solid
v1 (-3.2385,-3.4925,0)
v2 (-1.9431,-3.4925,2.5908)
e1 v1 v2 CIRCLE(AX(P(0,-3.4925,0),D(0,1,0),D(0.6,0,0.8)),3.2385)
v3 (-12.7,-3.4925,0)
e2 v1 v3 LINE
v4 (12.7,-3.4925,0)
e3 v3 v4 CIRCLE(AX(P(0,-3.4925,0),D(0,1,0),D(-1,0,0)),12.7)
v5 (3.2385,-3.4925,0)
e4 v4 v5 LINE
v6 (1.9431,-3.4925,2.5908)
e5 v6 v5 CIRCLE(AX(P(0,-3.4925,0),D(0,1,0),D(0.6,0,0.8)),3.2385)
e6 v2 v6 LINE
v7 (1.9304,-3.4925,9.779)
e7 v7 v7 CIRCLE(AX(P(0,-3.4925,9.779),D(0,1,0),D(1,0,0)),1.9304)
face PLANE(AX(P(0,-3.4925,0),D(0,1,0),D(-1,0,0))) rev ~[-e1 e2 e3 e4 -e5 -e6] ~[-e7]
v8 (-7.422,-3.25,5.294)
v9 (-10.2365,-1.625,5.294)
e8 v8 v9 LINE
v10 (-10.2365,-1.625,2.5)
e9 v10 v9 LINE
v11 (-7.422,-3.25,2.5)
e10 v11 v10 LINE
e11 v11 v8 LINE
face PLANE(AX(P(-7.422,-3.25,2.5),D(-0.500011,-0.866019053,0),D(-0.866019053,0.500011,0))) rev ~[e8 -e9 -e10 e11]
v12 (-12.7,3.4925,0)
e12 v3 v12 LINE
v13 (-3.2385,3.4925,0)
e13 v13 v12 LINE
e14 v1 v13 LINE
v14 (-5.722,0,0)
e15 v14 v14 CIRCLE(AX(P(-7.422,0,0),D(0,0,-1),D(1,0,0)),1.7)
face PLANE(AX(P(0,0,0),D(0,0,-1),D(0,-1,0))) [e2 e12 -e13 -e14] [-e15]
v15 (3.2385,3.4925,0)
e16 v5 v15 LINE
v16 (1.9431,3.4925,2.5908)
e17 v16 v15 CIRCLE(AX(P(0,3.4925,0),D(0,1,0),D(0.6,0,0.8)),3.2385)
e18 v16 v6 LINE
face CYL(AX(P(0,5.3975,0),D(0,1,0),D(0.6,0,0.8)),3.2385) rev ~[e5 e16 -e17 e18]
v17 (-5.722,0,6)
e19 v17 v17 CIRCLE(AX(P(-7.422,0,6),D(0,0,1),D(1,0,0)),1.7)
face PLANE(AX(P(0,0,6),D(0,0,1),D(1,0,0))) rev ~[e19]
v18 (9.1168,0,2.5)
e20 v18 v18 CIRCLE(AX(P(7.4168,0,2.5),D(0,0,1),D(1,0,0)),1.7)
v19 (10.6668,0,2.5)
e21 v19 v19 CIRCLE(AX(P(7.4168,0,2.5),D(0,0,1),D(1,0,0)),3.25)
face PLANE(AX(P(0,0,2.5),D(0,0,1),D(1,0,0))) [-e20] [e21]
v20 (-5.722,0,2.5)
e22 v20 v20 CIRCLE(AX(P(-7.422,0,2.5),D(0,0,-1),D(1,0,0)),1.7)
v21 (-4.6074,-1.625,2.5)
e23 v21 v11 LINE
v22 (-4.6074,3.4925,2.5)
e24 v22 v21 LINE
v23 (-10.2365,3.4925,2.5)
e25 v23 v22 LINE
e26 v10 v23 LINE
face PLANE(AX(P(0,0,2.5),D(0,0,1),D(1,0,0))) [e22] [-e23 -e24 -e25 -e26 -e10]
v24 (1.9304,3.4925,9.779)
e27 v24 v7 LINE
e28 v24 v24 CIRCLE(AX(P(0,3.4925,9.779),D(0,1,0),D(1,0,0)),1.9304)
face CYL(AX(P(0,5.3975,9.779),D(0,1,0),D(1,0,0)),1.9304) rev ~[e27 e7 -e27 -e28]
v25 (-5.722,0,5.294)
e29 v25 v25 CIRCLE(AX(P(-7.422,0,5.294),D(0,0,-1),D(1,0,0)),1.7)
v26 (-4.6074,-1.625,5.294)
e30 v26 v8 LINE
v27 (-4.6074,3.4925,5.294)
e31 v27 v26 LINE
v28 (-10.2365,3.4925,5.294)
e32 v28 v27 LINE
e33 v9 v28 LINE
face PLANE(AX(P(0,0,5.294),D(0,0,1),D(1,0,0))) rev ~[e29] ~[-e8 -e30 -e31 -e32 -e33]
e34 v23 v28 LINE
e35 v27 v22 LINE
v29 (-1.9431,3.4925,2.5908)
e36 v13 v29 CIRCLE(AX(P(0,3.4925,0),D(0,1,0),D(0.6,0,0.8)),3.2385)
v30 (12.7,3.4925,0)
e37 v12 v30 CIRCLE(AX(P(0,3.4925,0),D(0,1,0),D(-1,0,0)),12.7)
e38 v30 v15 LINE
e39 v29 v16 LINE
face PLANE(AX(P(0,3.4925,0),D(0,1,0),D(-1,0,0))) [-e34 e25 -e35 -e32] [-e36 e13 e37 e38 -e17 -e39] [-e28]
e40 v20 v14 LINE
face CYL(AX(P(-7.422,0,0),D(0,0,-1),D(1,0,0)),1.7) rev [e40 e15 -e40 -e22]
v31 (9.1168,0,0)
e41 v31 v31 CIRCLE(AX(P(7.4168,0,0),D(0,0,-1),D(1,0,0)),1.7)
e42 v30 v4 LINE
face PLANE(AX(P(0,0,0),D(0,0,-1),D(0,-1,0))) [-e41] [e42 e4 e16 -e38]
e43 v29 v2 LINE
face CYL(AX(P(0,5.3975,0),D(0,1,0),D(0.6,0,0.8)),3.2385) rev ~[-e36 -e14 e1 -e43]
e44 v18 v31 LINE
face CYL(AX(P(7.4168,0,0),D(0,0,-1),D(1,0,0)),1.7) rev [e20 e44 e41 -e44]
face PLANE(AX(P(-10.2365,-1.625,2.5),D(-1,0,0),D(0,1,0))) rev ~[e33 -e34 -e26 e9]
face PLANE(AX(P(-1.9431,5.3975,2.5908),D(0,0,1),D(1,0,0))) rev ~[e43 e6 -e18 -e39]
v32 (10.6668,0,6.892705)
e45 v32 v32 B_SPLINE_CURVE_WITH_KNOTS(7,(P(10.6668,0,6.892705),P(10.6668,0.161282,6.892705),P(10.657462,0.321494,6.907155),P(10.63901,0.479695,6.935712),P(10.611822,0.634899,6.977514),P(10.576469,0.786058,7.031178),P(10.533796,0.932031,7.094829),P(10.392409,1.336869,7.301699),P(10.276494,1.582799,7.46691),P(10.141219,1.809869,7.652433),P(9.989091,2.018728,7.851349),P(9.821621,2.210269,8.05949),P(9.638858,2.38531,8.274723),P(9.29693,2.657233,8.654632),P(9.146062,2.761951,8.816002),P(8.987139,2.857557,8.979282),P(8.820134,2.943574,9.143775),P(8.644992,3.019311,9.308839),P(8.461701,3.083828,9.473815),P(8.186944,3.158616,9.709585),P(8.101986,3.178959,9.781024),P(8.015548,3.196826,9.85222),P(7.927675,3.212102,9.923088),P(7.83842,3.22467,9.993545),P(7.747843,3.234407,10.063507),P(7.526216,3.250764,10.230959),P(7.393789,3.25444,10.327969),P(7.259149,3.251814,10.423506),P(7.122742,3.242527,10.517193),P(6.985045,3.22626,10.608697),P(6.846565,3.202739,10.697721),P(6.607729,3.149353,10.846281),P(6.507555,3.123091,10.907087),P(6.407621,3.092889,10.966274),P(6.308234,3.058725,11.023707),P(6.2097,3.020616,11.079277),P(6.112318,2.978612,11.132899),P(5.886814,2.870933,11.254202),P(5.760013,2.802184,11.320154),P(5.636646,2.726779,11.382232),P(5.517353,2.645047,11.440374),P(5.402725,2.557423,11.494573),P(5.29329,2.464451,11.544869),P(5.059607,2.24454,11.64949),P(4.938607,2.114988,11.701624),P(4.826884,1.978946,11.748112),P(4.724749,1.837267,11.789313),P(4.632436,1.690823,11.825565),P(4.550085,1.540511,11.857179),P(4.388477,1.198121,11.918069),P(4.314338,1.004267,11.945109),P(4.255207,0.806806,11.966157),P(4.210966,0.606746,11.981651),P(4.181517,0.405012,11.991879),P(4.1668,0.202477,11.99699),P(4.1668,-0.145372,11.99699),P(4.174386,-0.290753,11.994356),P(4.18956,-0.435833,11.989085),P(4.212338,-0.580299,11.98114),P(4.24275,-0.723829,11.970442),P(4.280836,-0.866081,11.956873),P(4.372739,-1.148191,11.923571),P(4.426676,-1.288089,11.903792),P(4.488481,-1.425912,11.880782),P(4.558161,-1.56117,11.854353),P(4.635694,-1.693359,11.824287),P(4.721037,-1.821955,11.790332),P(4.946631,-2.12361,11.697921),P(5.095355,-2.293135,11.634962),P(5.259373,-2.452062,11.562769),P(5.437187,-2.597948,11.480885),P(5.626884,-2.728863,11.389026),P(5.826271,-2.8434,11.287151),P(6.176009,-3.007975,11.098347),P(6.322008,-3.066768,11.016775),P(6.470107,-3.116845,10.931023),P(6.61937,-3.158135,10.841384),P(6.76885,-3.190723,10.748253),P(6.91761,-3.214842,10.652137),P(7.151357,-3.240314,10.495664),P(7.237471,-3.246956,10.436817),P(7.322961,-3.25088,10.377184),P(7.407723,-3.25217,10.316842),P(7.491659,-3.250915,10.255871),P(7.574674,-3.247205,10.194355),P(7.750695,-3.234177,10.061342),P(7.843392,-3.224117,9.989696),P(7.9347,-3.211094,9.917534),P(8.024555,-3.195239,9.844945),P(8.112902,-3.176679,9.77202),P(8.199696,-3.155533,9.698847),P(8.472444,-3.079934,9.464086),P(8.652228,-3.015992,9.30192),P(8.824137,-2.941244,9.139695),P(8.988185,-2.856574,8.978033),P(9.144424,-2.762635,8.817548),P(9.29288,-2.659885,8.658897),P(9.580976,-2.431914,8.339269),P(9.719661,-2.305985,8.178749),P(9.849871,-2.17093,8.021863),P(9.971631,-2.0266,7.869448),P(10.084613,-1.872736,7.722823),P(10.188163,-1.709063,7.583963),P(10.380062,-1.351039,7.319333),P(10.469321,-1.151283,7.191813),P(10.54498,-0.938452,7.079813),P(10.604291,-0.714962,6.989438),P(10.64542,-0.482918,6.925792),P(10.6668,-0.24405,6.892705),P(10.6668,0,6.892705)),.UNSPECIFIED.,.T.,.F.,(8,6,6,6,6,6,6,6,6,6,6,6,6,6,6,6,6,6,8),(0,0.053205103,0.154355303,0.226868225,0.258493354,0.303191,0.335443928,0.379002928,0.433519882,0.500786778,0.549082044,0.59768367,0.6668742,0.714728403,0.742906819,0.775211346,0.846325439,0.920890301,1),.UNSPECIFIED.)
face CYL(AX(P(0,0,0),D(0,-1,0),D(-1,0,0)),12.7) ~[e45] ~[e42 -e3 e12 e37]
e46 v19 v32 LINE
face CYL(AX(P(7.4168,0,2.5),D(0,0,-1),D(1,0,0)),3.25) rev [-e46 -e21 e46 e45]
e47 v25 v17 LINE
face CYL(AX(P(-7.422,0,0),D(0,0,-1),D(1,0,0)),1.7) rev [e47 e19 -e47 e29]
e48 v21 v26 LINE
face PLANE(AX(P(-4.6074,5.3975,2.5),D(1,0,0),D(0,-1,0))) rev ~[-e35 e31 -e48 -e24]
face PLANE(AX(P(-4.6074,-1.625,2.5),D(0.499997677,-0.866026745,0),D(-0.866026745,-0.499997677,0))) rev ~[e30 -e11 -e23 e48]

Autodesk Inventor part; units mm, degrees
sketch "Sketch1" plane through (0, 0, 0) normal (0, 1, 0) x (-1, 0, 0)
  circle A0 centre (0, 0) radius 12.7
  dimension "d75" = 25.4
extrude "Extrusion1" add sketch "Sketch1" along normal blind 3.4925 and the other way blind 3.4925
ref_plane "Work Plane1" through (0, 0, 2.5) normal (0, 0, 1) x (1, 0, 0)
ref_plane "Work Plane2" through (0, 0, -2.5) normal (0, 0, 1) x (1, 0, 0)
sketch "Sketch2" plane through (0, 0, 0) normal (0, 0, 1) x (1, 0, 0)
  circle A0 centre (7.4168, 0) radius 1.7
  circle A1 centre (-7.4168, 0) radius 1.7
  point P0 (0, 0)
  dimension "d5" = 3.4
  dimension "d6" = 7.4168
  dimension "d7" = 3.4
  dimension "d8" = 7.4168
extrude "Screw hole 2" cut sketch "Sketch2" along normal blind 2.5 and the other way blind 6 contours A0
sketch "Sketch3" plane through (0, 0, 2.5) normal (0, 0, 1) x (1, 0, 0)
  circle A0 centre (7.4168, 0) radius 1.7 projected
  circle A1 centre (7.4168, 0) radius 3.25
  point P0 (0, 0)
  dimension "d19" = 6.5
sketch "Sketch4" plane through (0, 0, -2.5) normal (0, 0, 1) x (1, 0, 0)
  circle A0 centre (7.4168, 0) radius 1.7 projected
  circle A1 centre (7.4168, 0) radius 3.45 construction
  line L0 (7.4168, -3.45) -> (4.429, -1.725)
  line L1 (4.429, -1.725) -> (4.429, 6.985)
  line L2 (10.4046, 6.985) -> (10.4046, -1.725)
  line L3 (10.4046, -1.725) -> (7.4168, -3.45)
  line L4 (10.4046, 6.985) -> (4.429, 6.985)
  point P0 (0, 0)
  dimension "d22" = 6.9
sketch "Sketch5" plane through (0, 0, -2.5) normal (0, 0, 1) x (1, 0, 0)
  circle A0 centre (-7.422, 0) radius 3.25
  point P0 (0, 0)
  dimension "d25" = 6.5
extrude "Access Hole 1" cut sketch "Sketch5" against normal through all
extrude "Access Hole 2" cut sketch "Sketch3" along normal through all contours A0 | A1
extrude "Nut well 2" cut sketch "Sketch4" against normal blind 2.794 contours A0 | L0 L1 L4 L2 L3
sketch "Sketch7" plane through (0, 0, 2.5) normal (0, 0, 1) x (1, 0, 0)
  circle A0 centre (-7.422, 0) radius 3.25 construction
  circle A1 centre (-7.422, 0) radius 3.45 construction
  line L0 (-7.422, -3.25) -> (-10.2365, -1.625)
  line L1 (-10.2365, -1.625) -> (-10.2365, 5.3975)
  line L2 (-4.6074, 5.3975) -> (-4.6074, -1.625)
  line L3 (-4.6074, -1.625) -> (-7.422, -3.25)
  line L4 (16.6201, 5.3975) -> (-16.6201, 5.3975) projected
  line L5 (-10.2365, 5.3975) -> (-4.6074, 5.3975)
  point P0 (0, 0)
  dimension "d48" = 6.9
extrude "Nut Well 1" cut sketch "Sketch7" along normal blind 2.794
sketch "Sketch8" plane through (0, 0, 0) normal (0, 0, 1) x (1, 0, 0)
  circle A0 centre (-7.422, 0) radius 3.25 projected
  circle A1 centre (-7.422, 0) radius 1.7
  point P0 (0, 0)
  dimension "d51" = 3.4
extrude "Screw Hole 1" cut sketch "Sketch8" along normal blind 6 and the other way blind 2.5 contours A1
ref_plane "Work Plane3" through (0, 5.3975, 0) normal (0, 1, 0) x (1, 0, 0)
sketch "Sketch9" plane through (0, 5.3975, 0) normal (0, 1, 0) x (1, 0, 0)
  arc A0 (1.9431, -2.5908) -> (-1.9431, -2.5908) centre (0, 0) ccw
  line L0 (-1.9431, -2.5908) -> (1.9431, -2.5908)
  dimension "d56" = 6.477
  dimension "d57" = 2.5908
extrude "Center shaft" cut sketch "Sketch9" against normal through all
ref_plane "Work Plane4" through (0, 5.3975, 0) normal (0, 1, 0) x (1, 0, 0)
sketch "Sketch10" plane through (0, 5.3975, 0) normal (0, 1, 0) x (1, 0, 0)
  circle A0 centre (0, 9.779) radius 1.9304
  circle A1 centre (0, -9.779) radius 1.9304
  point P0 (0, 0)
  point P1 (0, -8.001)
  dimension "d60" = 3.8608
  dimension "d61" = 9.779
  dimension "d62" = 3.8608
  dimension "d63" = 9.779
extrude "Wheel holes" cut sketch "Sketch10" against normal through all
split "Split1" plane through (0, 0, 0) removes the side toward (0, 0, -1)
equation "\"d63\" = d61"
properties part number "clamping hub .770 .25 D bore left"
